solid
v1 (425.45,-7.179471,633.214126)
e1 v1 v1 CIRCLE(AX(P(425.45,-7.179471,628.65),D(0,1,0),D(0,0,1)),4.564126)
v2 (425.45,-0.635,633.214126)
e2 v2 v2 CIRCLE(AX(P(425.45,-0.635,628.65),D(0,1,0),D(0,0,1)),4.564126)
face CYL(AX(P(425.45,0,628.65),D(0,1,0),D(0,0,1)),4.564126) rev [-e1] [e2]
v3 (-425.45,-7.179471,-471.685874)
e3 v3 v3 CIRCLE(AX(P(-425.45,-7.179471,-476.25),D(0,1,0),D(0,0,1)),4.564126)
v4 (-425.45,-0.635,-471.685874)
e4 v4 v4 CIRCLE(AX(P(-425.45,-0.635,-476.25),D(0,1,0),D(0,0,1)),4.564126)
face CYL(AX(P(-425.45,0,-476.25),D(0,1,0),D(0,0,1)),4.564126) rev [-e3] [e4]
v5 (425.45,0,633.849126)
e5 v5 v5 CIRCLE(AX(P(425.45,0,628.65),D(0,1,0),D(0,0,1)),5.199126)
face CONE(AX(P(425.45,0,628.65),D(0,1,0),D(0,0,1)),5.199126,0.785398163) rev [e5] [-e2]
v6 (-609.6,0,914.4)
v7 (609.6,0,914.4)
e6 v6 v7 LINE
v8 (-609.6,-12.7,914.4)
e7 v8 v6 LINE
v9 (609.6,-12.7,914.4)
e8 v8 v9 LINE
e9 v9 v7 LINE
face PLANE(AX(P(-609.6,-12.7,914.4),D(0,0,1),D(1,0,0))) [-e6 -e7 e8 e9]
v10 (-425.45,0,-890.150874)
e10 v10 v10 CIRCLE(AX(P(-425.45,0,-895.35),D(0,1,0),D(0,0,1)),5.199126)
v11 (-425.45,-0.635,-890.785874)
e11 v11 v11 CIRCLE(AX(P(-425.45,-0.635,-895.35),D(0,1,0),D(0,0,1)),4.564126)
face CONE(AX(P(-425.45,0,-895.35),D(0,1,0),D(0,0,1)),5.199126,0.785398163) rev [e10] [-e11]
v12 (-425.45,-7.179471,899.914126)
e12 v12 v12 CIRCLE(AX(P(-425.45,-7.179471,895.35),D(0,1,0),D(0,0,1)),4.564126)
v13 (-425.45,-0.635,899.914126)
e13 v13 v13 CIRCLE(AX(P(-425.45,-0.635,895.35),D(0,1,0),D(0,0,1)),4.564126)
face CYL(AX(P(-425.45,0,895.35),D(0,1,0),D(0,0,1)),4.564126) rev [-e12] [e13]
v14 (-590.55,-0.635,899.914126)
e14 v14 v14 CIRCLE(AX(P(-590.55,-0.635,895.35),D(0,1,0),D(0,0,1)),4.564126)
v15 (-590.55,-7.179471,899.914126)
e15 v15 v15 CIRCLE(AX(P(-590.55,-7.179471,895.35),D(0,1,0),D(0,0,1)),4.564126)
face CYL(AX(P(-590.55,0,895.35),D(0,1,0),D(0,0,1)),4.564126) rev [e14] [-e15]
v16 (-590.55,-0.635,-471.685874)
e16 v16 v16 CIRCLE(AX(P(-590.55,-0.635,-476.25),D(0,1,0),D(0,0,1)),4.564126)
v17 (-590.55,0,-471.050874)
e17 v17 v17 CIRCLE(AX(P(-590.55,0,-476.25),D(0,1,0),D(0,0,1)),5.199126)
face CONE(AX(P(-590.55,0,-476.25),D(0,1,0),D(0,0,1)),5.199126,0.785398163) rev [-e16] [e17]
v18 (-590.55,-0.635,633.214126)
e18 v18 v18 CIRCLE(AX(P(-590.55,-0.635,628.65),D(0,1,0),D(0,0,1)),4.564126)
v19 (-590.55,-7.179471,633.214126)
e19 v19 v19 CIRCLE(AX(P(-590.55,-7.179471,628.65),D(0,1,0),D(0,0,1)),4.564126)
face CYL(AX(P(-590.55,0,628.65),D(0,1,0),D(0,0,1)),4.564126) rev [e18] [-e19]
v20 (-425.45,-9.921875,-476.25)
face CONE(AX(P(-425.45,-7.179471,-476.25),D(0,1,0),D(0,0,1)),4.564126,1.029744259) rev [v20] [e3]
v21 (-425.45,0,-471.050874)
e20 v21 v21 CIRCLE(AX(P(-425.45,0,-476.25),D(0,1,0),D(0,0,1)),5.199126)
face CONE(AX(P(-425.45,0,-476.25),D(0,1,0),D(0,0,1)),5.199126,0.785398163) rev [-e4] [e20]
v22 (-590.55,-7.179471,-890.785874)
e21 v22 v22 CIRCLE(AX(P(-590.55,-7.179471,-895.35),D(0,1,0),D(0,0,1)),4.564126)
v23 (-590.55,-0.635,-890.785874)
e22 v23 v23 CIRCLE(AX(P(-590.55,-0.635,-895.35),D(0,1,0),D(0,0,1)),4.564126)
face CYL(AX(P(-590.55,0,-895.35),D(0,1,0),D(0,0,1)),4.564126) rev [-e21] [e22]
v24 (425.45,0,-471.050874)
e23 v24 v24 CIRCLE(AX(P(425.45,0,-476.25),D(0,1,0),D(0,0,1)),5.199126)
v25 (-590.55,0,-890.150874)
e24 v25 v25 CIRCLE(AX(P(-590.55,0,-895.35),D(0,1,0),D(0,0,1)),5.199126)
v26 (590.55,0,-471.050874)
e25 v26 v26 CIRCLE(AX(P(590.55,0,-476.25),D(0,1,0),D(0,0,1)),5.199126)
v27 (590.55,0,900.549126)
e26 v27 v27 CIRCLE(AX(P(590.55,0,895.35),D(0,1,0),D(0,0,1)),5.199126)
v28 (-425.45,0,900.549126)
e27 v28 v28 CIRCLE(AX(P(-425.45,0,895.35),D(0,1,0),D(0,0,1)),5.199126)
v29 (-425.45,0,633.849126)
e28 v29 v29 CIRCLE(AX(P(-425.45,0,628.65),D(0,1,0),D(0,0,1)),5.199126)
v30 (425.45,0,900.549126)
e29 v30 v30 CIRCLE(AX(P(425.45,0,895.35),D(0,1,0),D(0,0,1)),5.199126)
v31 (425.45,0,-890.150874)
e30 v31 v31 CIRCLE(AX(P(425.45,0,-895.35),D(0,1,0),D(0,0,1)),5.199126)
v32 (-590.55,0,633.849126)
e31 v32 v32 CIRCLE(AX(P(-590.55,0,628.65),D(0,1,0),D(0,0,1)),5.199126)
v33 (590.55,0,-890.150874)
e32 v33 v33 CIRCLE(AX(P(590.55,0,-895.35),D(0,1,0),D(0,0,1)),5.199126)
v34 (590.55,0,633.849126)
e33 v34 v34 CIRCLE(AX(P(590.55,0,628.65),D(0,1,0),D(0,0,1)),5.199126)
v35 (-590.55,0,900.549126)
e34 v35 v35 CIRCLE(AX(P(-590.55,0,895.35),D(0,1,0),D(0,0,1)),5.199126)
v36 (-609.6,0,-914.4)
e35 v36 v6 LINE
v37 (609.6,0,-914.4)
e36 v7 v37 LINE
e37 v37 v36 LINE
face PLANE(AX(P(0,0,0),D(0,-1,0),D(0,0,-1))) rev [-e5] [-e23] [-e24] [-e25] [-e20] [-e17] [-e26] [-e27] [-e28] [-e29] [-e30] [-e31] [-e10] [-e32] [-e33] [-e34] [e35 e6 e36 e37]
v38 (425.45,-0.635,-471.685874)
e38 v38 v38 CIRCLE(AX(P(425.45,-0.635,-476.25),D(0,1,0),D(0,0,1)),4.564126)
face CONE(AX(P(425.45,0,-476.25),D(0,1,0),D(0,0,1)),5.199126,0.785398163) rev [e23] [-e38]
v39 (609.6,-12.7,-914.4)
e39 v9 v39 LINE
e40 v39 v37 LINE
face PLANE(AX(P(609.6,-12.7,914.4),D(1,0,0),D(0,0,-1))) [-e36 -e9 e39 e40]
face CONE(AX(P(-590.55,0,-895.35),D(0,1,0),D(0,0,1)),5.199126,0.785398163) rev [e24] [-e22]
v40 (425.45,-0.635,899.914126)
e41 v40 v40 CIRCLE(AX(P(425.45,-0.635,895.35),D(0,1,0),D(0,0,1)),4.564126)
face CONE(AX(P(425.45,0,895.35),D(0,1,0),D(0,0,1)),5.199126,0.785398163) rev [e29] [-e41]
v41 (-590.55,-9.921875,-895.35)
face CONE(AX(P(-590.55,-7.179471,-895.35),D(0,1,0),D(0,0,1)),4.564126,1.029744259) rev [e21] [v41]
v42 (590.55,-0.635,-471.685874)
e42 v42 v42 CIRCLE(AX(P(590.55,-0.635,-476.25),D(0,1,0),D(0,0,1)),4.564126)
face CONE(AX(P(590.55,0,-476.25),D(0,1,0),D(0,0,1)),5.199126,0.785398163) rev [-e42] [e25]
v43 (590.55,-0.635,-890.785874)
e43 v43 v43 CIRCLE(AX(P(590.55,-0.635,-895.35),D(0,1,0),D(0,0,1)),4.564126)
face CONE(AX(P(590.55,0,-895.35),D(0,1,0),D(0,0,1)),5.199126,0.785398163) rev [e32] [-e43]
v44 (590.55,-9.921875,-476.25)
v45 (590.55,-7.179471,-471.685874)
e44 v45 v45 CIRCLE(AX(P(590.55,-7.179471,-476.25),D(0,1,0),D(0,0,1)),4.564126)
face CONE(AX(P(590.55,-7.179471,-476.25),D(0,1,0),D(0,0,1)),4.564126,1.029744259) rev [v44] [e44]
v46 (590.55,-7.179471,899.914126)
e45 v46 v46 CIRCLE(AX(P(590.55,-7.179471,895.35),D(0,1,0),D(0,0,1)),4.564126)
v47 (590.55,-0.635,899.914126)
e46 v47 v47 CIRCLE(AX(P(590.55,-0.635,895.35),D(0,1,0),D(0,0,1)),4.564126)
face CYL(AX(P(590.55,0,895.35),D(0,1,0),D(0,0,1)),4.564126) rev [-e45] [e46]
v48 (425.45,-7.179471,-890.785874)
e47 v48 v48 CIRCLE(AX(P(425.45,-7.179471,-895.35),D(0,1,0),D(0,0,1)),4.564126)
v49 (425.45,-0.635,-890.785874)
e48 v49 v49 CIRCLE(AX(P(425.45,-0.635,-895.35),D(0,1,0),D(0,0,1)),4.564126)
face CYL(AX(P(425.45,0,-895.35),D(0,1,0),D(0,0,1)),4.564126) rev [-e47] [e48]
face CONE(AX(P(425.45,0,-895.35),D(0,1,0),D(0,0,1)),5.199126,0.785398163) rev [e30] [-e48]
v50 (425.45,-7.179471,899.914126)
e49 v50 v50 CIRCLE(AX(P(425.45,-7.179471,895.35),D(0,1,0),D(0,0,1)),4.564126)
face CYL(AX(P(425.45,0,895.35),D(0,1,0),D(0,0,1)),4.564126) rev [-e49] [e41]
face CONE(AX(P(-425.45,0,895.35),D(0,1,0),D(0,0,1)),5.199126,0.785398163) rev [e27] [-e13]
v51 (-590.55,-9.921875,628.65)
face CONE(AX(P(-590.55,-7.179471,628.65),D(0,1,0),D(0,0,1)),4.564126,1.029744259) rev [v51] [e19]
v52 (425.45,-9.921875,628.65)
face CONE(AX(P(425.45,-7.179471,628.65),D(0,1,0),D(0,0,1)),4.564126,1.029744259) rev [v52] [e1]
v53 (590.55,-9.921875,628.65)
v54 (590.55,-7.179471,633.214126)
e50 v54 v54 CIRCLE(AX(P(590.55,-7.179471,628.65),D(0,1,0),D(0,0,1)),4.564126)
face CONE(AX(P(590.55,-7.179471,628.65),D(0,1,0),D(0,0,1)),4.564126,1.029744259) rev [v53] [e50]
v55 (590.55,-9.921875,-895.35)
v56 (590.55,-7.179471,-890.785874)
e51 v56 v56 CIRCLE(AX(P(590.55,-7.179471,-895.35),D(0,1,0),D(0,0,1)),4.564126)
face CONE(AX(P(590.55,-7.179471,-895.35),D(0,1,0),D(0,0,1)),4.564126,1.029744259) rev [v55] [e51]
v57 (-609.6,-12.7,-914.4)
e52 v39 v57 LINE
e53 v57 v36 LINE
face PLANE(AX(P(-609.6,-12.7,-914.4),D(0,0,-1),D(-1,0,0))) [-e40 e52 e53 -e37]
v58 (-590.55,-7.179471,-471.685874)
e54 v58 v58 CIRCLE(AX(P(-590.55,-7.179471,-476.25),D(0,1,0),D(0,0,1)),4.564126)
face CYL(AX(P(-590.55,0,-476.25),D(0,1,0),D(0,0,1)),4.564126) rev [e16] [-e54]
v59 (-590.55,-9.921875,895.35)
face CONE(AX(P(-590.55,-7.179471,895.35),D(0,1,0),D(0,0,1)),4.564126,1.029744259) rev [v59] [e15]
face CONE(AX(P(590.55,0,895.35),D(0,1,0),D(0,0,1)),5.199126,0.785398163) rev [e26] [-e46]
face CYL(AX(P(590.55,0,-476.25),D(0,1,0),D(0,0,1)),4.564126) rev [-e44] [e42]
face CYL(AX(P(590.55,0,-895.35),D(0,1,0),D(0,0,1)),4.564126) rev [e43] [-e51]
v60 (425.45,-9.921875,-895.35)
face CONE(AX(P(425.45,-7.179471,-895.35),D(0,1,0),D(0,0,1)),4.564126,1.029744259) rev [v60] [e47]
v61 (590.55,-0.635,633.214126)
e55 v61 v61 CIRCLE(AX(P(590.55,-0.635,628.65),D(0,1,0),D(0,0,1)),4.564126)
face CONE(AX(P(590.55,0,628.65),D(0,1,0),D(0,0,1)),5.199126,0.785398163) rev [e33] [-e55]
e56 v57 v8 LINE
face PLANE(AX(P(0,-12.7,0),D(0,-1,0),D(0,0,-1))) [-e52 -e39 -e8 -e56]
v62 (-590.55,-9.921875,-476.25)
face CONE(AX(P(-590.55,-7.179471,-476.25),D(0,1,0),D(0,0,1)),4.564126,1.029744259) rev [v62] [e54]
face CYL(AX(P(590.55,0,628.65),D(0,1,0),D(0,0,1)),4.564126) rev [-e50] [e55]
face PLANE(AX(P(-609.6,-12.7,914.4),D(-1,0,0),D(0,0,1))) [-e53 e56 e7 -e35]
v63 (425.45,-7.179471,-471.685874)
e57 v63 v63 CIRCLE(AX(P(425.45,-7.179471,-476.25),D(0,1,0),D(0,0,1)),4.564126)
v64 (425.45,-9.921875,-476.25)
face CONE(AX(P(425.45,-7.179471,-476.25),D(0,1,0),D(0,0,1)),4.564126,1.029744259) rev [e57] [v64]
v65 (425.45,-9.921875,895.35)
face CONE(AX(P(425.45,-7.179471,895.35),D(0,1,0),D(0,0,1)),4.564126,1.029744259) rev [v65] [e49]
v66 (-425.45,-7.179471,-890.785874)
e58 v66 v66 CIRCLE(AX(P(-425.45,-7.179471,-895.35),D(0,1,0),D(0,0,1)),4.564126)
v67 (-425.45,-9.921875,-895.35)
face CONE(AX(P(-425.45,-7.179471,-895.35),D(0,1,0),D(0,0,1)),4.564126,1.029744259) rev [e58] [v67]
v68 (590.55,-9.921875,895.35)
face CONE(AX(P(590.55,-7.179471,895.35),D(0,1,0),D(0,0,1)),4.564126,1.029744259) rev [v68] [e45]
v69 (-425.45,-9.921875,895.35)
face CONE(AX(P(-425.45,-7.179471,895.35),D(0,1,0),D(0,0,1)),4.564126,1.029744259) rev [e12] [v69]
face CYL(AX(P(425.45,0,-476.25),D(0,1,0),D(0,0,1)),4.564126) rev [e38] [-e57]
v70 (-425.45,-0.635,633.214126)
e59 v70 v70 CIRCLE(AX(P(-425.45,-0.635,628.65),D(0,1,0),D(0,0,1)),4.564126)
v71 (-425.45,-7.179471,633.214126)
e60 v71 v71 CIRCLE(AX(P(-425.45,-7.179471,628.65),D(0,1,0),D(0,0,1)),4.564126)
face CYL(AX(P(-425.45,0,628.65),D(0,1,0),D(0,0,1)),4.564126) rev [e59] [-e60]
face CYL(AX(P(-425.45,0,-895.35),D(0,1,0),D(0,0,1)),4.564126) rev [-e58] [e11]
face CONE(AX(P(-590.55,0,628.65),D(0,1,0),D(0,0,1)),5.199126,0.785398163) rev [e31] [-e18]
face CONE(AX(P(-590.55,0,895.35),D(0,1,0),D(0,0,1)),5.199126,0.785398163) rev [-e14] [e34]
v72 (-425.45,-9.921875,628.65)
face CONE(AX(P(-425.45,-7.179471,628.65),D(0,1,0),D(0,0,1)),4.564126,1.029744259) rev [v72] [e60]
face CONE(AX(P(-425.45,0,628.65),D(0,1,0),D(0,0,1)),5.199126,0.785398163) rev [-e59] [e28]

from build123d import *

# Parameters (mm, degrees)
SKETCH1_W                                 = 1219.2
SKETCH1_H                                 = 1828.8
BOSS_EXTRUDE1_DEPTH                       = 12.7
F_23_64_0_35938_DIAMETER_HOLE2_AT_2_COUNT = 2
F_23_64_0_35938_DIAMETER_HOLE2_AT_2_PITCH = 165.1
F_23_64_0_35938_DIAMETER_HOLE2_AT_3_COUNT = 2
F_23_64_0_35938_DIAMETER_HOLE2_AT_3_PITCH = 450.447355415
F_23_64_0_35938_DIAMETER_HOLE2_AT_4_COUNT = 2
F_23_64_0_35938_DIAMETER_HOLE2_AT_4_PITCH = 419.1
F_23_64_0_35938_DIAMETER_HOLE2_AT_5_COUNT = 2
F_23_64_0_35938_DIAMETER_HOLE2_AT_5_PITCH = 1524
F_23_64_0_35938_DIAMETER_HOLE2_AT_6_COUNT = 2
F_23_64_0_35938_DIAMETER_HOLE2_AT_6_PITCH = 1532.916830751
F_23_64_0_35938_DIAMETER_HOLE2_AT_7_COUNT = 2
F_23_64_0_35938_DIAMETER_HOLE2_AT_7_PITCH = 1798.29488683
F_23_64_0_35938_DIAMETER_HOLE2_AT_8_COUNT = 2
F_23_64_0_35938_DIAMETER_HOLE2_AT_8_PITCH = 1790.7


with BuildPart() as part:
    # Sketch1 → Boss-Extrude1 (new body)
    with BuildSketch(Plane(origin=(0, 0, 0), x_dir=(1, 0, 0), z_dir=(0, 1, 0))):
        Rectangle(SKETCH1_W, SKETCH1_H)
    extrude(amount=-BOSS_EXTRUDE1_DEPTH)

    # Sketch6 → 23_64 _0.35938_ Diameter Hole2 (revolve, cut)
    with BuildSketch(Plane(origin=(-590.55, 0, -895.35), x_dir=(0, 0, 1), z_dir=(1, 0, 0))):
        Polygon((0, 0), (0, 9.921875), (4.564126, 7.179471426), (4.564126, 0.635), (5.199126, 0), align=None)
    f_23_64_0_35938_diameter_hole2 = revolve(axis=Axis((-590.55, 6.35, -895.35), (0, -1, 0)), mode=Mode.SUBTRACT)

    # 23_64 _0.35938_ Diameter Hole2 at 2: 23_64 _0.35938_ Diameter Hole2 ×2
    with Locations(*[(i * F_23_64_0_35938_DIAMETER_HOLE2_AT_2_PITCH, 0, 0) for i in range(1, F_23_64_0_35938_DIAMETER_HOLE2_AT_2_COUNT)]):
        add(f_23_64_0_35938_diameter_hole2, mode=Mode.SUBTRACT)

    # 23_64 _0.35938_ Diameter Hole2 at 3: 23_64 _0.35938_ Diameter Hole2 ×2
    with Locations(*[Vector(0.3665245183824908, 0, 0.9304083928170915) * (i * F_23_64_0_35938_DIAMETER_HOLE2_AT_3_PITCH) for i in range(1, F_23_64_0_35938_DIAMETER_HOLE2_AT_3_COUNT)]):
        add(f_23_64_0_35938_diameter_hole2, mode=Mode.SUBTRACT)

    # 23_64 _0.35938_ Diameter Hole2 at 4: 23_64 _0.35938_ Diameter Hole2 ×2
    with Locations(*[(0, 0, i * F_23_64_0_35938_DIAMETER_HOLE2_AT_4_PITCH) for i in range(1, F_23_64_0_35938_DIAMETER_HOLE2_AT_4_COUNT)]):
        add(f_23_64_0_35938_diameter_hole2, mode=Mode.SUBTRACT)

    # 23_64 _0.35938_ Diameter Hole2 at 5: 23_64 _0.35938_ Diameter Hole2 ×2
    with Locations(*[(0, 0, i * F_23_64_0_35938_DIAMETER_HOLE2_AT_5_PITCH) for i in range(1, F_23_64_0_35938_DIAMETER_HOLE2_AT_5_COUNT)]):
        add(f_23_64_0_35938_diameter_hole2, mode=Mode.SUBTRACT)

    # 23_64 _0.35938_ Diameter Hole2 at 6: 23_64 _0.35938_ Diameter Hole2 ×2
    with Locations(*[Vector(0.1077031686833943, 0, 0.9941830955390242) * (i * F_23_64_0_35938_DIAMETER_HOLE2_AT_6_PITCH) for i in range(1, F_23_64_0_35938_DIAMETER_HOLE2_AT_6_COUNT)]):
        add(f_23_64_0_35938_diameter_hole2, mode=Mode.SUBTRACT)

    # 23_64 _0.35938_ Diameter Hole2 at 7: 23_64 _0.35938_ Diameter Hole2 ×2
    with Locations(*[Vector(0.09180919170103835, 0, 0.9957766176804926) * (i * F_23_64_0_35938_DIAMETER_HOLE2_AT_7_PITCH) for i in range(1, F_23_64_0_35938_DIAMETER_HOLE2_AT_7_COUNT)]):
        add(f_23_64_0_35938_diameter_hole2, mode=Mode.SUBTRACT)

    # 23_64 _0.35938_ Diameter Hole2 at 8: 23_64 _0.35938_ Diameter Hole2 ×2
    with Locations(*[(0, 0, i * F_23_64_0_35938_DIAMETER_HOLE2_AT_8_PITCH) for i in range(1, F_23_64_0_35938_DIAMETER_HOLE2_AT_8_COUNT)]):
        add(f_23_64_0_35938_diameter_hole2, mode=Mode.SUBTRACT)

    # Mirror1: 23_64 _0.35938_ Diameter Hole2 across plane
    add(f_23_64_0_35938_diameter_hole2.mirror(Plane(origin=(0, 0, 0), x_dir=(0, 0, 1), z_dir=(1, 0, 0))), mode=Mode.SUBTRACT)

    # Mirror1 copy 1 sketch → Mirror1 copy 1 (revolve, cut)
    with BuildSketch(Plane(origin=(425.45, 0, -895.35), x_dir=(0, 0, 1), z_dir=(-1, 0, 0))):
        Polygon((0, 0), (0, -9.921875), (4.564126, -7.179471426), (4.564126, -0.635), (5.199126, 0), align=None)
    revolve(axis=Axis((425.45, 6.35, -895.35), (0, 1, 0)), mode=Mode.SUBTRACT)

    # Mirror1 copy 2 sketch → Mirror1 copy 2 (revolve, cut)
    with BuildSketch(Plane(origin=(425.45, 0, -476.25), x_dir=(0, 0, 1), z_dir=(-1, 0, 0))):
        Polygon((0, 0), (0, -9.921875), (4.564126, -7.179471426), (4.564126, -0.635), (5.199126, 0), align=None)
    revolve(axis=Axis((425.45, 6.35, -476.25), (0, 1, 0)), mode=Mode.SUBTRACT)

    # Mirror1 copy 3 sketch → Mirror1 copy 3 (revolve, cut)
    with BuildSketch(Plane(origin=(590.55, 0, -476.25), x_dir=(0, 0, 1), z_dir=(-1, 0, 0))):
        Polygon((0, 0), (0, -9.921875), (4.564126, -7.179471426), (4.564126, -0.635), (5.199126, 0), align=None)
    revolve(axis=Axis((590.55, 6.35, -476.25), (0, 1, 0)), mode=Mode.SUBTRACT)

    # Mirror1 copy 4 sketch → Mirror1 copy 4 (revolve, cut)
    with BuildSketch(Plane(origin=(590.55, 0, 628.65), x_dir=(0, 0, 1), z_dir=(-1, 0, 0))):
        Polygon((0, 0), (0, -9.921875), (4.564126, -7.179471426), (4.564126, -0.635), (5.199126, 0), align=None)
    revolve(axis=Axis((590.55, 6.35, 628.65), (0, 1, 0)), mode=Mode.SUBTRACT)

    # Mirror1 copy 5 sketch → Mirror1 copy 5 (revolve, cut)
    with BuildSketch(Plane(origin=(425.45, 0, 628.65), x_dir=(0, 0, 1), z_dir=(-1, 0, 0))):
        Polygon((0, 0), (0, -9.921875), (4.564126, -7.179471426), (4.564126, -0.635), (5.199126, 0), align=None)
    revolve(axis=Axis((425.45, 6.35, 628.65), (0, 1, 0)), mode=Mode.SUBTRACT)

    # Mirror1 copy 6 sketch → Mirror1 copy 6 (revolve, cut)
    with BuildSketch(Plane(origin=(425.45, 0, 895.35), x_dir=(0, 0, 1), z_dir=(-1, 0, 0))):
        Polygon((0, 0), (0, -9.921875), (4.564126, -7.179471426), (4.564126, -0.635), (5.199126, 0), align=None)
    revolve(axis=Axis((425.45, 6.35, 895.35), (0, 1, 0)), mode=Mode.SUBTRACT)

    # Mirror1 copy 7 sketch → Mirror1 copy 7 (revolve, cut)
    with BuildSketch(Plane(origin=(590.55, 0, 895.35), x_dir=(0, 0, 1), z_dir=(-1, 0, 0))):
        Polygon((0, 0), (0, -9.921875), (4.564126, -7.179471426), (4.564126, -0.635), (5.199126, 0), align=None)
    revolve(axis=Axis((590.55, 6.35, 895.35), (0, 1, 0)), mode=Mode.SUBTRACT)


solid = part.part
